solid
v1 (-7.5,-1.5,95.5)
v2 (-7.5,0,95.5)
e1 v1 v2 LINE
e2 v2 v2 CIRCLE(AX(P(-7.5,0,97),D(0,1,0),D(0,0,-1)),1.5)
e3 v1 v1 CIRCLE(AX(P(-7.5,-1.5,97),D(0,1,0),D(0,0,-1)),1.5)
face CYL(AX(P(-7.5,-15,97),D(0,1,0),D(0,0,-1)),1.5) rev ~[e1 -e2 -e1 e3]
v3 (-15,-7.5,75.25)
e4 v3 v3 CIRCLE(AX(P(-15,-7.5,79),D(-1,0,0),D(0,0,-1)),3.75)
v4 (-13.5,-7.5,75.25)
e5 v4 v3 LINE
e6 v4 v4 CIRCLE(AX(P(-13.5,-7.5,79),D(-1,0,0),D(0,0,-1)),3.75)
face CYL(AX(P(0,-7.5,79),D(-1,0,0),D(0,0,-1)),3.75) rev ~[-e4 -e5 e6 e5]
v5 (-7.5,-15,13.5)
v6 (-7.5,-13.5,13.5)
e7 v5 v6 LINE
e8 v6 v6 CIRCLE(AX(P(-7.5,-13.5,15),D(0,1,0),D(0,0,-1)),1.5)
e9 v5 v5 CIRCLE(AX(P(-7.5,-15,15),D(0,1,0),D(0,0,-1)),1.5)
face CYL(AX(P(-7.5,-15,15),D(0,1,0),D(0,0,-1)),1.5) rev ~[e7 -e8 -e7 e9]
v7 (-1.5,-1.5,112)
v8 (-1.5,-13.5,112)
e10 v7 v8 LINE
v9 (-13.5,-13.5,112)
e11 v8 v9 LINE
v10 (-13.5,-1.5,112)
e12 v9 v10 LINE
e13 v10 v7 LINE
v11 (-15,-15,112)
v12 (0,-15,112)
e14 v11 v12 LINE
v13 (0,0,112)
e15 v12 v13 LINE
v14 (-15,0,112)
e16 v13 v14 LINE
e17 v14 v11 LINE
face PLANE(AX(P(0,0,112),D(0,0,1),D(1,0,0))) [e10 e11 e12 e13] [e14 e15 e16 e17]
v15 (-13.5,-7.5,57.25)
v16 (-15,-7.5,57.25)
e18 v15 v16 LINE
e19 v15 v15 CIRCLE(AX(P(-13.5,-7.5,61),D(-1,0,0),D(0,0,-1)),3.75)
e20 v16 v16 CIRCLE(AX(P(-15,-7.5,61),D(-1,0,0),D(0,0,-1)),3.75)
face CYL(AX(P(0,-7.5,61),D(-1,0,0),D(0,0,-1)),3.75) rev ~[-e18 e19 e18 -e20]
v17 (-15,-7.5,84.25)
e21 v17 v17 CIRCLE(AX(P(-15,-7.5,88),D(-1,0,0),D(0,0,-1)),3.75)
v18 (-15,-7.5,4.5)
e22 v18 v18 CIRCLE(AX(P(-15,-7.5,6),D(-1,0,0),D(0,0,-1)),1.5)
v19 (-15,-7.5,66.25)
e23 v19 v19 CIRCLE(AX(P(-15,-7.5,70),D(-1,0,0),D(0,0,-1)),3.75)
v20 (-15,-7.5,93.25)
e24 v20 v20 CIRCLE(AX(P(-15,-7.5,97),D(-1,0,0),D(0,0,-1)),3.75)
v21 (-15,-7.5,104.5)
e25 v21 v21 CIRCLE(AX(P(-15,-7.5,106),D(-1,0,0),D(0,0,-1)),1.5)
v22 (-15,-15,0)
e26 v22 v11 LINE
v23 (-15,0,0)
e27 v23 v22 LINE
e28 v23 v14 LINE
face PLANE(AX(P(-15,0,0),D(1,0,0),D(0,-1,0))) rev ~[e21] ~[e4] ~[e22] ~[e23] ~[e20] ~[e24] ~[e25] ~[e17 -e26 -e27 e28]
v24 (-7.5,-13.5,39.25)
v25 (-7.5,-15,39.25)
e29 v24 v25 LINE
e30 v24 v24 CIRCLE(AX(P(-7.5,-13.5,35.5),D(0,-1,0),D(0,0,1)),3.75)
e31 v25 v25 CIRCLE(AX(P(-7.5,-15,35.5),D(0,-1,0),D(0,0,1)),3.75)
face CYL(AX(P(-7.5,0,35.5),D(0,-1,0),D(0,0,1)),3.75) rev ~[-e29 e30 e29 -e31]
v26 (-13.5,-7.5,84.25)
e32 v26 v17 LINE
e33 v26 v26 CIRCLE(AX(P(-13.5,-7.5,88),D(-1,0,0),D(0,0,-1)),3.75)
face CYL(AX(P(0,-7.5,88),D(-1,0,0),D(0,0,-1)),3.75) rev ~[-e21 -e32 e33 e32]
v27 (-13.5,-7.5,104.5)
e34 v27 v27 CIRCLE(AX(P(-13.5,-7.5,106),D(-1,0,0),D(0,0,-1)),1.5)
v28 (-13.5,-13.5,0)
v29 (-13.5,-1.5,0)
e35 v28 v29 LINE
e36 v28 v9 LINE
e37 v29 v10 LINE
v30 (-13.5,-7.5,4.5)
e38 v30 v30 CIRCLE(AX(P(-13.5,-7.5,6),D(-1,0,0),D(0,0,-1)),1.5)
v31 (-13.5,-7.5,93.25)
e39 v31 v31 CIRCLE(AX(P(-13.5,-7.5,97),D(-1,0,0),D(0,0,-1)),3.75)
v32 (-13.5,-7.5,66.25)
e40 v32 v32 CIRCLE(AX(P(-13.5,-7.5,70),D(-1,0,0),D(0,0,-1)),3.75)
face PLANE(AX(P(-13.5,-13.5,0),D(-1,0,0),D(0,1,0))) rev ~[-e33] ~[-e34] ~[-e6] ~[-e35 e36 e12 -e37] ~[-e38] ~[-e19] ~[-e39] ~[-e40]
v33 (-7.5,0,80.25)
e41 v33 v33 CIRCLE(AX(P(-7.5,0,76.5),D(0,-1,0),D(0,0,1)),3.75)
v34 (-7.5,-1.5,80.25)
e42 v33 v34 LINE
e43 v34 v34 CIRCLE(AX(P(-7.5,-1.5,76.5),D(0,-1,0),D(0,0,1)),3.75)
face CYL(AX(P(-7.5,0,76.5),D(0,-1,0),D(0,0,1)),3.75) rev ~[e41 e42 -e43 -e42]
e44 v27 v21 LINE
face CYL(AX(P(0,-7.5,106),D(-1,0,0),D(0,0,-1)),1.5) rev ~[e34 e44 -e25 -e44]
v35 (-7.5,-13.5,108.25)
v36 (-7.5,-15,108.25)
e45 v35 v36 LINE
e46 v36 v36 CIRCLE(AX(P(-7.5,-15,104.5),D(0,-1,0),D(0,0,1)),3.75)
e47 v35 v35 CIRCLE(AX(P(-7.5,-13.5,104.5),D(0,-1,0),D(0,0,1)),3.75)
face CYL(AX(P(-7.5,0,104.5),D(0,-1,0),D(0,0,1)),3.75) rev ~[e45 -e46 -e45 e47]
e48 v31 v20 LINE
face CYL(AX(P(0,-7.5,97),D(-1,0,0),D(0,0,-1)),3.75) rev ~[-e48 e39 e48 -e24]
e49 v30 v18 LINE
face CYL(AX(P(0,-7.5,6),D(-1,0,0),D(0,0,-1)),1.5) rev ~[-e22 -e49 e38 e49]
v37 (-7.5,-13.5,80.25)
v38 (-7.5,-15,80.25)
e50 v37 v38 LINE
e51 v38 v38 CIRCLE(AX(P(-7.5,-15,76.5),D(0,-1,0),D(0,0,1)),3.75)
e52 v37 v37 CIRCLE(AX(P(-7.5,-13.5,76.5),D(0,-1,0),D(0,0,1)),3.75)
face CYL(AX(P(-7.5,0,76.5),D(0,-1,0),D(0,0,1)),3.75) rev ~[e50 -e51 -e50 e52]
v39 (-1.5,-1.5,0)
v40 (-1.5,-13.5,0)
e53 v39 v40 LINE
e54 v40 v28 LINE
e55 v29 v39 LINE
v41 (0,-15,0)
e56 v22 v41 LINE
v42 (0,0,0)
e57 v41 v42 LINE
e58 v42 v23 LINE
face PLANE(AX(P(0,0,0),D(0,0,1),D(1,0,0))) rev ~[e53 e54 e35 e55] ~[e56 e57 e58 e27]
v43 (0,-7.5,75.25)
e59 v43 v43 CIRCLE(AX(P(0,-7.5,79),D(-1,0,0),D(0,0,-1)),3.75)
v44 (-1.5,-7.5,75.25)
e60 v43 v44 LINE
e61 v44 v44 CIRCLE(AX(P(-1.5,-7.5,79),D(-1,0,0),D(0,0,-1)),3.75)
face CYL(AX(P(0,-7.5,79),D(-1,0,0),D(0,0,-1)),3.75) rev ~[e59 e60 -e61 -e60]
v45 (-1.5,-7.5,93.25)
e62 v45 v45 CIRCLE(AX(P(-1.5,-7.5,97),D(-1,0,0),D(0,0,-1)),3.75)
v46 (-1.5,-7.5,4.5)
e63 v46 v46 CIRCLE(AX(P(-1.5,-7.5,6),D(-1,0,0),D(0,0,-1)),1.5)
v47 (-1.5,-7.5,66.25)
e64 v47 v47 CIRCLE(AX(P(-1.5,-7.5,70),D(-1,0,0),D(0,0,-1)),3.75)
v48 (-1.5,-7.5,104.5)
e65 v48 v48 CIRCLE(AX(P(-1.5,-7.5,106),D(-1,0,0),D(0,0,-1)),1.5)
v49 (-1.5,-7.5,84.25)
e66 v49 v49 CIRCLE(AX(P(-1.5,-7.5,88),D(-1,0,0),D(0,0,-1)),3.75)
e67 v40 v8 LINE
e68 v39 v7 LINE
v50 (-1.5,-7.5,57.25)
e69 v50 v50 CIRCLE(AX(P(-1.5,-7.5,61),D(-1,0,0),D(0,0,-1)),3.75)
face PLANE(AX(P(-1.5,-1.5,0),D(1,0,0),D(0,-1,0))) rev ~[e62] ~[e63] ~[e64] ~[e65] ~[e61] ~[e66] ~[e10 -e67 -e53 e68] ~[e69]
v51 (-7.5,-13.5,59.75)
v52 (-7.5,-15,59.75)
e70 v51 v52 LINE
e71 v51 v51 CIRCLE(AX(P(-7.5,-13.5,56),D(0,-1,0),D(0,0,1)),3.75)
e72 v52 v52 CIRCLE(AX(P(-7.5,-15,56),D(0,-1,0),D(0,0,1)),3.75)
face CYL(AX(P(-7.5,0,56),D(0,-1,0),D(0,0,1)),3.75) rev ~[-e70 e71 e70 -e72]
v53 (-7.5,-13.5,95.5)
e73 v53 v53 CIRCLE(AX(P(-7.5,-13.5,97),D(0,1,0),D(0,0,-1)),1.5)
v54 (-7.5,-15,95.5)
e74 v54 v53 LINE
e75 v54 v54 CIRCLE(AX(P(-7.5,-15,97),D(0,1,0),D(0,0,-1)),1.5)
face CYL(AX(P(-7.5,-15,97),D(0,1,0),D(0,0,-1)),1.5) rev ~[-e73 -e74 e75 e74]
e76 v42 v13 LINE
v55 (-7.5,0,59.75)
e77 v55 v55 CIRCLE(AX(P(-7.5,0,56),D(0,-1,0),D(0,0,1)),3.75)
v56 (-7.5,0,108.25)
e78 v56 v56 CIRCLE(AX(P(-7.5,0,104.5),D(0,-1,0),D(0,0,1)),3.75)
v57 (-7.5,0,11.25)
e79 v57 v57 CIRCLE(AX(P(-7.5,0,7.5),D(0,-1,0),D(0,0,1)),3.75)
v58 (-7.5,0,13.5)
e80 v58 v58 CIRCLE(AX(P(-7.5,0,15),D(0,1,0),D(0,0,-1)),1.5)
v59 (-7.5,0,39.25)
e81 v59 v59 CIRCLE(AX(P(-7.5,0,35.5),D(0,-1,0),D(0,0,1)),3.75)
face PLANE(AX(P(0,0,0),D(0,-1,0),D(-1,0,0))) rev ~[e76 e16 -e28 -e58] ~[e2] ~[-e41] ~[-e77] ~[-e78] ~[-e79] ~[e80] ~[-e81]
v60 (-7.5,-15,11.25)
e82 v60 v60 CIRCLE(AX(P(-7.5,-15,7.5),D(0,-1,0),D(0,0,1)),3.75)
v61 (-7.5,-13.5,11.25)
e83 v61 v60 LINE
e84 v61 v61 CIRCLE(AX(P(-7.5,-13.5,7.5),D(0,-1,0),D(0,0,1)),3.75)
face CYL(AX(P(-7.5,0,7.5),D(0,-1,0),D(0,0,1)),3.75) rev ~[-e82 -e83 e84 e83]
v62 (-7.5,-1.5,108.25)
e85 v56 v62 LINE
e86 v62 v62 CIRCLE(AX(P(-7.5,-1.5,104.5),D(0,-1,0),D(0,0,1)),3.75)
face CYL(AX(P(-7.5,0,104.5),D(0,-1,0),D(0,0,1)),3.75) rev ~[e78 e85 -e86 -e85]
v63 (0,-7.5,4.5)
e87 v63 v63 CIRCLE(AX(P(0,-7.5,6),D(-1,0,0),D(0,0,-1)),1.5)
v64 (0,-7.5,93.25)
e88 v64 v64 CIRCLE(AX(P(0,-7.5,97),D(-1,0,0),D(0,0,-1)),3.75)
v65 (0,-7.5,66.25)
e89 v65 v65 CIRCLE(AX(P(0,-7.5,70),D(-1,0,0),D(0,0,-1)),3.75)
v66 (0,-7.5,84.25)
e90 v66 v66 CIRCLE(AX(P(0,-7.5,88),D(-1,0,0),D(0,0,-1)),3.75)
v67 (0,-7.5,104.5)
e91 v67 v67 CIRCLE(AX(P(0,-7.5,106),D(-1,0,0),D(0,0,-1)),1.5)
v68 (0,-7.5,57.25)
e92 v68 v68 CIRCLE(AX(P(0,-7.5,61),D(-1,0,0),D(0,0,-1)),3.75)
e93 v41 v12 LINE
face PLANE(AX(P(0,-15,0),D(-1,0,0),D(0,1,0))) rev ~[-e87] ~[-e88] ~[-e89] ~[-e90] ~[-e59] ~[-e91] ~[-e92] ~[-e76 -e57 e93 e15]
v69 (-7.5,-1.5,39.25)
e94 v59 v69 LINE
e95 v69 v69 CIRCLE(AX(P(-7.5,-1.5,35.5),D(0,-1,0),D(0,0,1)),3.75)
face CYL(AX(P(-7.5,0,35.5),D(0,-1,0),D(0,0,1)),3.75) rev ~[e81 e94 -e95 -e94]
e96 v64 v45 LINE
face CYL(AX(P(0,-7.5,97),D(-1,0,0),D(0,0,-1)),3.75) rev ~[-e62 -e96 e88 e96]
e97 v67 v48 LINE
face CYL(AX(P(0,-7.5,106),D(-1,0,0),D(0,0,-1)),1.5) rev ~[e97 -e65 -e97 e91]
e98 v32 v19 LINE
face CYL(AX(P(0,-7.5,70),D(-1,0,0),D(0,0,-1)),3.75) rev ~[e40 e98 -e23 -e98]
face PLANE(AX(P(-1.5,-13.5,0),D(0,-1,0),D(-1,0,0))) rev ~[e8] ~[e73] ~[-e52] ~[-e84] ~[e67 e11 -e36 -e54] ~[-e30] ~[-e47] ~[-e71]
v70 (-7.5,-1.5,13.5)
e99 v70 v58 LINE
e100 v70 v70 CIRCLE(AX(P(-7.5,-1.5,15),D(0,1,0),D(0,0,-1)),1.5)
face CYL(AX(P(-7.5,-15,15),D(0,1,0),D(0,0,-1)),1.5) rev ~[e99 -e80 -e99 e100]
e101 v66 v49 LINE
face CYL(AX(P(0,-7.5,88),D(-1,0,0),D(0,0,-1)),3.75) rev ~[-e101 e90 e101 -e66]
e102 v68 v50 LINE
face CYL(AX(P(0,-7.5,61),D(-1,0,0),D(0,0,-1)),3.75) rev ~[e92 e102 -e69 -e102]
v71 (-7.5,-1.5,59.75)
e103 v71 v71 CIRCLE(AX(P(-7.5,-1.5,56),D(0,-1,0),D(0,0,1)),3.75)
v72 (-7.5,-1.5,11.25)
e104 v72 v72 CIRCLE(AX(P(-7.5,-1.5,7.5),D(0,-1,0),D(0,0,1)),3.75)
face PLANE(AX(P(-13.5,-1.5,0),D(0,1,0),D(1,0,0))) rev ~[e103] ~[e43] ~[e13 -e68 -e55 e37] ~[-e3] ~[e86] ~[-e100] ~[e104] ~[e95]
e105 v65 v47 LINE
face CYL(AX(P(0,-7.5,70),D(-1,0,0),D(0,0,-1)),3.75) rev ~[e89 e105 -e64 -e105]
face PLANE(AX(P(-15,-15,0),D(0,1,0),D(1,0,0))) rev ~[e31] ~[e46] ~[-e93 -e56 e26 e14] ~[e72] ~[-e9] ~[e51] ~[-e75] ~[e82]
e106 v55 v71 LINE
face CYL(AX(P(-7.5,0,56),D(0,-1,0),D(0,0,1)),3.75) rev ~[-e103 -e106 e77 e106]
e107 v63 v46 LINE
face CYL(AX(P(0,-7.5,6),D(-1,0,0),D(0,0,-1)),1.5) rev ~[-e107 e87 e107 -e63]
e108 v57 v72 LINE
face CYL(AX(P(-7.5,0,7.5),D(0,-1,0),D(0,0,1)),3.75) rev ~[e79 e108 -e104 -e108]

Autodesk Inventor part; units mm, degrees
ref_plane "YZ Plane" through (0, 0, 0) normal (1, 0, 0) x (0, 1, 0)
ref_plane "XZ Plane" through (0, 0, 0) normal (0, 1, 0) x (-1, 0, 0)
ref_plane "XY Plane" through (0, 0, 0) normal (0, 0, 1) x (1, 0, 0)
sketch "スケッチ1" plane through (0, 0, 0) normal (0, 0, 1) x (1, 0, 0)
  line L0 (0, 0) -> (-15, 0)
  line L1 (-15, 0) -> (-15, -15)
  line L2 (-15, -15) -> (0, -15)
  line L3 (0, -15) -> (0, 0)
  line L4 (-13.5, -1.5) -> (-1.5, -1.5)
  line L5 (-1.5, -1.5) -> (-1.5, -13.5)
  line L6 (-1.5, -13.5) -> (-13.5, -13.5)
  line L7 (-13.5, -13.5) -> (-13.5, -1.5)
  dimension "d0" = 15
  dimension "d1" = 15
  dimension "d2" = 12
  dimension "d3" = 12
  dimension "d4" = 1.5
  dimension "d5" = 1.5
extrude "押し出し1" add sketch "スケッチ1" along normal blind 112
sketch "スケッチ2" plane through (0, -15, 0) normal (1, 0, 0) x (0, 0, -1)
  line L0 (0, 15) -> (-112, 15) projected
  line L1 (0, 0) -> (0, 15) projected
  line L2 (-112, 0) -> (-112, 15) projected
  point P0 (-106, 7.5)
  point P1 (-6, 7.5)
  dimension "d8" = 7.5
  dimension "d9" = 7.5
  dimension "d10" = 6
  dimension "d11" = 6
hole "穴1" at (0, -7.5, 106) at (0, -7.5, 6) direction (-1, 0, 0) diameter 3 end through all
sketch "スケッチ3" plane through (-15, -15, 0) normal (0, -1, 0) x (1, 0, 0)
  line L0 (0, 0) -> (0, 112) projected
  line L1 (0, 112) -> (15, 112) projected
  line L2 (0, 0) -> (15, 0) projected
  point P0 (7.5, 97)
  point P1 (7.5, 15)
  dimension "d19" = 7.5
  dimension "d20" = 7.5
  dimension "d21" = 15
  dimension "d22" = 15
hole "穴2" at (-7.5, -15, 97) at (-7.5, -15, 15) direction (0, 1, 0) diameter 3 end through all
sketch "スケッチ4" plane through (-15, 0, 0) normal (0, 1, 0) x (1, 0, 0)
  line L0 (15, 0) -> (0, 0) projected
  line L1 (0, 0) -> (0, -112) projected
  line L2 (15, -112) -> (0, -112) projected
  circle A0 centre (7.5, -97) radius 1.5 projected
  circle A1 centre (7.5, -15) radius 1.5 projected
  point P0 (7.5, -7.5)
  point P1 (7.5, -104.5)
  point P2 (7.5, -76.5)
  point P3 (7.5, -56)
  point P4 (7.5, -35.5)
  dimension "d30" = 7.5
  dimension "d31" = 7.5
  dimension "d32" = 7.5
  dimension "d33" = 7.5
  dimension "d34" = 7.5
  dimension "d35" = 7.5
  dimension "d36" = 82
  dimension "d37" = 7.5
  dimension "d38" = 20.5
  dimension "d39" = 20.5
  dimension "d40" = 20.5
hole "穴3" at (-7.5, 0, 7.5) at (-7.5, 0, 104.5) at (-7.5, 0, 76.5) at (-7.5, 0, 56) at (-7.5, 0, 35.5) direction (0, -1, 0) diameter 7.5 end through all
sketch "スケッチ5" plane through (0, -15, 0) normal (1, 0, 0) x (0, 0, -1)
  circle A0 centre (-106, 7.5) radius 1.5 projected
  circle A1 centre (-6, 7.5) radius 1.5 projected
  line L0 (-106, 7.5) -> (-6, 7.5)
  point P0 (0, 15)
  point P1 (-97, 7.5)
  point P2 (-88, 7.5)
  point P3 (-79, 7.5)
  point P4 (-70, 7.5)
  point P5 (-61, 7.5)
  dimension "d48" = 100
  dimension "d51" = 9
  dimension "d56" = 9
hole "穴4" at (0, -7.5, 97) at (0, -7.5, 88) at (0, -7.5, 79) at (0, -7.5, 70) at (0, -7.5, 61) direction (-1, 0, 0) diameter 7.5 end through all
equation "\"d1\" = d0"
equation "\"d3\" = d2"
equation "\"d5\" = d4"
equation "\"d9\" = d8"
equation "\"d20\" = d19"
equation "\"d21\" = d22"
equation "\"d31\" = d30"
equation "\"d32\" = d30"
equation "\"d33\" = d32"
equation "\"d35\" = d34"
equation "\"d38\" = 0.25 * d36"
equation "\"d39\" = d38"
equation "\"d40\" = d39"
equation "\"d56\" = d51"
properties part number "前後直動12x12_3" material "アルミニウム 6061"
